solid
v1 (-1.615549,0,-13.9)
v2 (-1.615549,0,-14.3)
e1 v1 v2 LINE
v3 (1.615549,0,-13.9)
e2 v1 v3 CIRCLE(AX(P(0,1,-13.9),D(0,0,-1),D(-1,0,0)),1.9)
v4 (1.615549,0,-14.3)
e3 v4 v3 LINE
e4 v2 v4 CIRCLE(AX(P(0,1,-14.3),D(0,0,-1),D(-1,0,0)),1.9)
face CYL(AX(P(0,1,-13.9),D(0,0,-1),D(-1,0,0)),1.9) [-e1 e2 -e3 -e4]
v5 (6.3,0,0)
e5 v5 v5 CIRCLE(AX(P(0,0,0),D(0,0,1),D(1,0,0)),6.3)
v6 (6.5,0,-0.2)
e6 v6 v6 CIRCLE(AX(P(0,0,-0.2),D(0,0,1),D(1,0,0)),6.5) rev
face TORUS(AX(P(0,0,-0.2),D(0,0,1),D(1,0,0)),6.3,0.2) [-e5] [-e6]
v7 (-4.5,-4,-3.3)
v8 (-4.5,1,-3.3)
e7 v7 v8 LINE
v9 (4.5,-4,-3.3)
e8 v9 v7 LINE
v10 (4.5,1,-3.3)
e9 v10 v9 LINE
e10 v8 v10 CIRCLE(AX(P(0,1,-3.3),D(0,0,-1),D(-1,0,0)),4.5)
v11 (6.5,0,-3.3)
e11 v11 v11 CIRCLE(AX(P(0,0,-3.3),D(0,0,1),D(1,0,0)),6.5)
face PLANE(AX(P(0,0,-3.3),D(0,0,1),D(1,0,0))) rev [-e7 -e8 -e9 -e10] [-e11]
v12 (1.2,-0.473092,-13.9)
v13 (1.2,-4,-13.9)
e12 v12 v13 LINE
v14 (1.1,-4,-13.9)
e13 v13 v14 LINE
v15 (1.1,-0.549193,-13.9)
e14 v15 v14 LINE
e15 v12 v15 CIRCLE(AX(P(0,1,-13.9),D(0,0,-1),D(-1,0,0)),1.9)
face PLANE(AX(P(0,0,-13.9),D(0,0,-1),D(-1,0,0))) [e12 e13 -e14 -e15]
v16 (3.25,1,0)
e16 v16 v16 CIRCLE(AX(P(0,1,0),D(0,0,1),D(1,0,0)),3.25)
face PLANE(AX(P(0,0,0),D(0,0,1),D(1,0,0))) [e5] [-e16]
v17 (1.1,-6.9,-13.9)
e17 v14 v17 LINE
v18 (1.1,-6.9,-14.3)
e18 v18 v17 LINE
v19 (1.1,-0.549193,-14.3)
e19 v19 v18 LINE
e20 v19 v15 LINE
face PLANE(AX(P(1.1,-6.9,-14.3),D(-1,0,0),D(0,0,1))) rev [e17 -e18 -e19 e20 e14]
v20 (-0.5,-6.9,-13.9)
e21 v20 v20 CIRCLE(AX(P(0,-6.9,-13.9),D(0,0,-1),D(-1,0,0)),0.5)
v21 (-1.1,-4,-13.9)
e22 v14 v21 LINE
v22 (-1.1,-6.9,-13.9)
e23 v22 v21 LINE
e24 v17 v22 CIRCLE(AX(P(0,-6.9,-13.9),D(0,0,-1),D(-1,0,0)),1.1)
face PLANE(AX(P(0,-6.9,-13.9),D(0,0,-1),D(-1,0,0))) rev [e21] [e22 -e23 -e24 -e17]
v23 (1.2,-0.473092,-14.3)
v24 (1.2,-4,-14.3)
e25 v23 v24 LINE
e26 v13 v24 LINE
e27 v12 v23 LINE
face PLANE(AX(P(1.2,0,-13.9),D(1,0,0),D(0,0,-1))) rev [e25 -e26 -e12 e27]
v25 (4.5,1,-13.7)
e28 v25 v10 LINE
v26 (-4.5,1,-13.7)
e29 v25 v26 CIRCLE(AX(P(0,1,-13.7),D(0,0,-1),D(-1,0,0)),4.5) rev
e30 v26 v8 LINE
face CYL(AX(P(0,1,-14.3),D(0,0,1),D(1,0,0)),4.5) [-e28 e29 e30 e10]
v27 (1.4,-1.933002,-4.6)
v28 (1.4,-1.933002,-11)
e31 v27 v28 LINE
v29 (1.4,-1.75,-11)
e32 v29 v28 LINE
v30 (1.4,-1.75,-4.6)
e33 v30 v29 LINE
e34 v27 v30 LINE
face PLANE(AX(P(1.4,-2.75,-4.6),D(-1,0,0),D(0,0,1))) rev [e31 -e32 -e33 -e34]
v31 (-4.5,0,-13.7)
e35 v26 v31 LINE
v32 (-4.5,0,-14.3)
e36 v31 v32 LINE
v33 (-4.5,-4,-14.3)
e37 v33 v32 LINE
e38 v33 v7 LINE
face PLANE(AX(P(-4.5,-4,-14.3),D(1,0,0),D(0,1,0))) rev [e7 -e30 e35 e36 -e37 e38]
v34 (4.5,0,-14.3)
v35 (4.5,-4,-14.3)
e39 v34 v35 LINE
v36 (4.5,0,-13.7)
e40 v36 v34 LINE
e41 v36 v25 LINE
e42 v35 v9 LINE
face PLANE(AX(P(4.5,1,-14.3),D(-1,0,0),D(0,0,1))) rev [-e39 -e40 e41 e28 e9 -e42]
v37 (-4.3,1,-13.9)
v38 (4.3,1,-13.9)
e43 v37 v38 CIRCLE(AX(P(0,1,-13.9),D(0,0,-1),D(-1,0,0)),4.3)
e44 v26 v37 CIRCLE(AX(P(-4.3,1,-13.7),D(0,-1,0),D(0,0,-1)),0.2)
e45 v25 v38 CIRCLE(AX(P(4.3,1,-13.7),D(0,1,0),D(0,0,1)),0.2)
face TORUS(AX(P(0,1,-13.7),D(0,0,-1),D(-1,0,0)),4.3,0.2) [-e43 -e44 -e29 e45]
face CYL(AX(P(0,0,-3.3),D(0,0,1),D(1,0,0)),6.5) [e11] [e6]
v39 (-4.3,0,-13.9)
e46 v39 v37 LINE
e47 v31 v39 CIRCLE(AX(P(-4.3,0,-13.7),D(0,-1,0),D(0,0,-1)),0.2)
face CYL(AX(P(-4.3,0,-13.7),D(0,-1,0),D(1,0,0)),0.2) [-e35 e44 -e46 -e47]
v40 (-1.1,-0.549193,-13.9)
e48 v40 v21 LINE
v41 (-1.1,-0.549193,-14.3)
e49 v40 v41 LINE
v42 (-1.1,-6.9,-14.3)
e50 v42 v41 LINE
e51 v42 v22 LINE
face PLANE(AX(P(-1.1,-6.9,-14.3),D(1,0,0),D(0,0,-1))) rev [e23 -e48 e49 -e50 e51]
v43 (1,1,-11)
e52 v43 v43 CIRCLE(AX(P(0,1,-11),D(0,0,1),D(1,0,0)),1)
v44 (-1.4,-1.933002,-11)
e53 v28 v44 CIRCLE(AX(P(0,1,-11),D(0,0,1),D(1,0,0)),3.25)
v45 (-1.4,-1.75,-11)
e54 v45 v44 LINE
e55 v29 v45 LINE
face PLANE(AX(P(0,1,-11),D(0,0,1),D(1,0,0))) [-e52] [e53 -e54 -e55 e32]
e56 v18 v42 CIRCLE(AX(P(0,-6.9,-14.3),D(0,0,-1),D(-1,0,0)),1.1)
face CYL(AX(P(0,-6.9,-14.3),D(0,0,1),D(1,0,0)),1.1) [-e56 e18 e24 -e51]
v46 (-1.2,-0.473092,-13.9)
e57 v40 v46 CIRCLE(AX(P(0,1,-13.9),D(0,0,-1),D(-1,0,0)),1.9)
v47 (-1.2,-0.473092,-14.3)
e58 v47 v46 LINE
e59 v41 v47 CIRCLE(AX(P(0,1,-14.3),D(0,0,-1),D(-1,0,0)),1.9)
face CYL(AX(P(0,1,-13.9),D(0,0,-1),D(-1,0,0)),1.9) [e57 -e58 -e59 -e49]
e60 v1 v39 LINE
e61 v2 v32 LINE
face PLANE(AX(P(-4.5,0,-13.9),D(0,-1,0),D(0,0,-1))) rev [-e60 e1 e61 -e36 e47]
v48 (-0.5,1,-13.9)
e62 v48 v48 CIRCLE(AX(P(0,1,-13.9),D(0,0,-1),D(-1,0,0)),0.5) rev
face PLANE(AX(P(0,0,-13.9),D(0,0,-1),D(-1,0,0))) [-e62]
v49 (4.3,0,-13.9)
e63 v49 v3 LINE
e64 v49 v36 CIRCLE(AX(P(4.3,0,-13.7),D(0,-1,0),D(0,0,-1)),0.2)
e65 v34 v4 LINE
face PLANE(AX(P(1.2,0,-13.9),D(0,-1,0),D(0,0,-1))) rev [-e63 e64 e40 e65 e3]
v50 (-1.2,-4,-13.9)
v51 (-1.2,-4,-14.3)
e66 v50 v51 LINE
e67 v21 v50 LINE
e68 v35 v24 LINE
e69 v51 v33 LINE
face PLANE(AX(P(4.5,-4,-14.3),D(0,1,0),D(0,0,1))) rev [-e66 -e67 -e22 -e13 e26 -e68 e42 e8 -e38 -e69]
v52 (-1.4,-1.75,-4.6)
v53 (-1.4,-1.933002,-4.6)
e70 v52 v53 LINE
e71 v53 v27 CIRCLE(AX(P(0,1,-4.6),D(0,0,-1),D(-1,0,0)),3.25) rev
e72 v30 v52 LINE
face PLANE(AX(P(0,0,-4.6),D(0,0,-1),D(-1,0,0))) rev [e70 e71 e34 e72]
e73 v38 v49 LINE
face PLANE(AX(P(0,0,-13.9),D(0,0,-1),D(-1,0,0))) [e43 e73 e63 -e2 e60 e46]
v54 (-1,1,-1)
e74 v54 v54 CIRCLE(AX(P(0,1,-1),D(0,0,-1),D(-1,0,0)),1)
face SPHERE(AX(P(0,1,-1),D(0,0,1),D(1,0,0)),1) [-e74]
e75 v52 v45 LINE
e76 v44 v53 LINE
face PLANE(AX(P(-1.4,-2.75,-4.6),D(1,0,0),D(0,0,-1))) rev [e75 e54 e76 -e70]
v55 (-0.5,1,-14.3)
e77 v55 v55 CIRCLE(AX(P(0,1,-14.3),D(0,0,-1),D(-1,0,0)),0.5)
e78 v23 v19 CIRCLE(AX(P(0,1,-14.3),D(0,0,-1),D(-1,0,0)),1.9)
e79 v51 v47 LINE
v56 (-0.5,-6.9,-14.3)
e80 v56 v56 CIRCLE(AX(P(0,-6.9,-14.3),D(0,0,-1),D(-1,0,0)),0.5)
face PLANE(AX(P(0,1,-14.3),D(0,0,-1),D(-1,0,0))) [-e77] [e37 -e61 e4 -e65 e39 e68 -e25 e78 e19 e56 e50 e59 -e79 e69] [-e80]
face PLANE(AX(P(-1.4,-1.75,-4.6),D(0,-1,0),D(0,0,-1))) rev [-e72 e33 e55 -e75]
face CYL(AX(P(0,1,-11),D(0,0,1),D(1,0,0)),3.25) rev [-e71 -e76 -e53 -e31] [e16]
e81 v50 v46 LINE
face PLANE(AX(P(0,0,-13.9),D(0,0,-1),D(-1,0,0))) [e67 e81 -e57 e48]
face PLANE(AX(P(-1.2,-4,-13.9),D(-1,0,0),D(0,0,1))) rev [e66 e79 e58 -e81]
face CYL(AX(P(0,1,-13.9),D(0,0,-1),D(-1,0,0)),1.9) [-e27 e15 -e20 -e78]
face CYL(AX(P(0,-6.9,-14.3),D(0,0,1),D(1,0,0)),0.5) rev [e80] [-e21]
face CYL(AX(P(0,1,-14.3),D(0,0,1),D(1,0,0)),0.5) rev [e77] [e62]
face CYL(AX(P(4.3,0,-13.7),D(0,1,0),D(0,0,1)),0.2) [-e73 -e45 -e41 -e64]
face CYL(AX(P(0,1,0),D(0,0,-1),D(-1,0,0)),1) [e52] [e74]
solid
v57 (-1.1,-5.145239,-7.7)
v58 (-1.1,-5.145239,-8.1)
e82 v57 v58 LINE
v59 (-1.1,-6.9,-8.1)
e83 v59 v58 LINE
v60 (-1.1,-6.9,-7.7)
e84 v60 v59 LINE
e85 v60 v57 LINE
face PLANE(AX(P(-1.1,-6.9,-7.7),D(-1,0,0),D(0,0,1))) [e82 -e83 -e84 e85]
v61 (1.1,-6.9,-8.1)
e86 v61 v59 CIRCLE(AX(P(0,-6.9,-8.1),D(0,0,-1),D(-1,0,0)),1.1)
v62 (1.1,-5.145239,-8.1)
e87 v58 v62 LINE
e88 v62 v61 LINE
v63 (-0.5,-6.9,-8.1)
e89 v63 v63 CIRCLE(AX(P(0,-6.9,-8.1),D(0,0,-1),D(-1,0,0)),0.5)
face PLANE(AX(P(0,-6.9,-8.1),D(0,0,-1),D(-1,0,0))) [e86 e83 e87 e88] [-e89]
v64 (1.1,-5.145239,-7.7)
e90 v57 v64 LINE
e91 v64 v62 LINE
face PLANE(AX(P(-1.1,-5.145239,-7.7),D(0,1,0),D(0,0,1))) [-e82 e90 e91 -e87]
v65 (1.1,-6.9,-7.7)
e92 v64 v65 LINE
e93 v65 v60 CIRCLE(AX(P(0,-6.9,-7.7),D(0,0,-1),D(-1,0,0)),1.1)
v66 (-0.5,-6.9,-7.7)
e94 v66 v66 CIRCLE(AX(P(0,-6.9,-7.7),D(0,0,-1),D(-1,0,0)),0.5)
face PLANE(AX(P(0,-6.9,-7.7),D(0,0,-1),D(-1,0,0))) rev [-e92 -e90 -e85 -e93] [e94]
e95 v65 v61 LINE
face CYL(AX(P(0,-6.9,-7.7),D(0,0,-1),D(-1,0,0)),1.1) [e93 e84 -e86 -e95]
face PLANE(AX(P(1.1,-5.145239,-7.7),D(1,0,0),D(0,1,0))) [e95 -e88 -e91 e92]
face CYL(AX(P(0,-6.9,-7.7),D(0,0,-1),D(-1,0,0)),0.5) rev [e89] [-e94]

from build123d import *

# Parameters (mm, degrees)
SKETCH1_R           = 6.5
BOSS_EXTRUDE1_DEPTH = 3.3
BOSS_EXTRUDE2_DEPTH = 11
SKETCH3_R           = 3.25
CUT_EXTRUDE1_DEPTH  = 11
SKETCH4_R           = 1
BOSS_EXTRUDE3_DEPTH = 11
FILLET1_R           = 1
CUT_EXTRUDE2_DEPTH  = 0.4
SKETCH6_R           = 0.5
BOSS_EXTRUDE4_DEPTH = 0.4
BOSS_EXTRUDE5_START = -0.4
SKETCH7_R           = 1.9
SKETCH7_R_2         = 0.5
BOSS_EXTRUDE5_DEPTH = 0.4
BOSS_EXTRUDE6_START = -0.4
SKETCH8_R           = 0.5
BOSS_EXTRUDE6_DEPTH = 0.4
SKETCH10_W          = 2.8
SKETCH10_H          = 1
BOSS_EXTRUDE8_DEPTH = 6.4
FILLET4_R           = 0.2
REDONDEO1_R         = 0.2


with BuildPart() as part:
    # Sketch1 → Boss-Extrude1 (new body)
    with BuildSketch(Plane.XY):
        Circle(SKETCH1_R)
    extrude(amount=-BOSS_EXTRUDE1_DEPTH)

    # Sketch2 → Boss-Extrude2 (add)
    with BuildSketch(Plane(origin=(0, 0, -3.3), x_dir=(-1, 0, 0), z_dir=(0, 0, -1))):
        with BuildLine():
            Line((-4.5, -4), (4.5, -4))
            Line((4.5, -4), (4.5, 1))
            ThreePointArc((4.5, 1), (0, 5.5), (-4.5, 1))
            Line((-4.5, 1), (-4.5, -4))
        make_face()
    extrude(amount=BOSS_EXTRUDE2_DEPTH)

    # Sketch3 → Cut-Extrude1 (cut)
    with BuildSketch(Plane.XY):
        with Locations((0, 1)):
            Circle(SKETCH3_R)
    extrude(amount=-CUT_EXTRUDE1_DEPTH, mode=Mode.SUBTRACT)

    # Sketch4 → Boss-Extrude3 (add)
    with BuildSketch(Plane.XY.offset(-11)):
        with Locations((0, 1)):
            Circle(SKETCH4_R)
    extrude(amount=BOSS_EXTRUDE3_DEPTH)

    # Fillet1
    fillet1_edges = [part.edges().sort_by_distance(p)[0] for p in [
        (-1, 1, 0),
    ]]
    fillet(fillet1_edges, radius=FILLET1_R)

    # Sketch5 → Cut-Extrude2 (cut)
    with BuildSketch(Plane(origin=(0, 0, -14.3), x_dir=(-1, 0, 0), z_dir=(0, 0, -1))):
        Polygon((4.5, 0), (1.2, 0), (1.2, -4), (-1.2, -4), (-1.2, 0), (-4.5, 0), (-4.5, 5.5), (4.5, 5.5), align=None)
    extrude(amount=-CUT_EXTRUDE2_DEPTH, mode=Mode.SUBTRACT)

    # Sketch6 → Boss-Extrude4 (add)
    with BuildSketch(Plane(origin=(0, 0, -13.9), x_dir=(-1, 0, 0), z_dir=(0, 0, -1))):
        with BuildLine():
            Line((-1.1, -6.9), (-1.1, 1))
            ThreePointArc((-1.1, 1), (0, 2.1), (1.1, 1))
            Line((1.1, 1), (1.1, -6.9))
            ThreePointArc((1.1, -6.9), (0, -8), (-1.1, -6.9))
        make_face()
        with Locations((0, -6.9)):
            Circle(SKETCH6_R, mode=Mode.SUBTRACT)
        with Locations((0, 1)):
            Circle(SKETCH6_R, mode=Mode.SUBTRACT)
    extrude(amount=BOSS_EXTRUDE4_DEPTH)

    # Sketch7 → Boss-Extrude5 (add)
    with BuildSketch(Plane(origin=(0, 0, -14.3), x_dir=(-1, 0, 0), z_dir=(0, 0, -1)).offset(BOSS_EXTRUDE5_START)):
        with Locations((0, 1)):
            Circle(SKETCH7_R)
        with Locations((0, 1)):
            Circle(SKETCH7_R_2, mode=Mode.SUBTRACT)
    extrude(amount=BOSS_EXTRUDE5_DEPTH)

    # Sketch10 → Boss-Extrude8 (add)
    with BuildSketch(Plane.XY.offset(-11)):
        with Locations((0, -2.25)):
            Rectangle(SKETCH10_W, SKETCH10_H)
    extrude(amount=BOSS_EXTRUDE8_DEPTH)

    # Fillet4
    fillet4_edges = [part.edges().sort_by_distance(p)[0] for p in [
        (0, 5.5, -13.9),
        (4.5, 0.5, -13.9),
        (-4.5, 0.5, -13.9),
    ]]
    fillet(fillet4_edges, radius=FILLET4_R)

    # Redondeo1
    redondeo1_edges = [part.edges().sort_by_distance(p)[0] for p in [
        (-6.5, 0, 0),
    ]]
    fillet(redondeo1_edges, radius=REDONDEO1_R)


with BuildPart() as body_2:
    # Sketch8 → Boss-Extrude6 (new body)
    with BuildSketch(Plane(origin=(0, 0, -8.1), x_dir=(-1, 0, 0), z_dir=(0, 0, -1)).offset(BOSS_EXTRUDE6_START)):
        with BuildLine():
            Line((-1.1, -5.145239298), (-1.1, -6.9))
            ThreePointArc((-1.1, -6.9), (0, -8), (1.1, -6.9))
            Line((1.1, -6.9), (1.1, -5.145239298))
            Line((1.1, -5.145239298), (-1.1, -5.145239298))
        make_face()
        with Locations((0, -6.9)):
            Circle(SKETCH8_R, mode=Mode.SUBTRACT)
    extrude(amount=BOSS_EXTRUDE6_DEPTH)


solid = Compound([part.part, body_2.part])
